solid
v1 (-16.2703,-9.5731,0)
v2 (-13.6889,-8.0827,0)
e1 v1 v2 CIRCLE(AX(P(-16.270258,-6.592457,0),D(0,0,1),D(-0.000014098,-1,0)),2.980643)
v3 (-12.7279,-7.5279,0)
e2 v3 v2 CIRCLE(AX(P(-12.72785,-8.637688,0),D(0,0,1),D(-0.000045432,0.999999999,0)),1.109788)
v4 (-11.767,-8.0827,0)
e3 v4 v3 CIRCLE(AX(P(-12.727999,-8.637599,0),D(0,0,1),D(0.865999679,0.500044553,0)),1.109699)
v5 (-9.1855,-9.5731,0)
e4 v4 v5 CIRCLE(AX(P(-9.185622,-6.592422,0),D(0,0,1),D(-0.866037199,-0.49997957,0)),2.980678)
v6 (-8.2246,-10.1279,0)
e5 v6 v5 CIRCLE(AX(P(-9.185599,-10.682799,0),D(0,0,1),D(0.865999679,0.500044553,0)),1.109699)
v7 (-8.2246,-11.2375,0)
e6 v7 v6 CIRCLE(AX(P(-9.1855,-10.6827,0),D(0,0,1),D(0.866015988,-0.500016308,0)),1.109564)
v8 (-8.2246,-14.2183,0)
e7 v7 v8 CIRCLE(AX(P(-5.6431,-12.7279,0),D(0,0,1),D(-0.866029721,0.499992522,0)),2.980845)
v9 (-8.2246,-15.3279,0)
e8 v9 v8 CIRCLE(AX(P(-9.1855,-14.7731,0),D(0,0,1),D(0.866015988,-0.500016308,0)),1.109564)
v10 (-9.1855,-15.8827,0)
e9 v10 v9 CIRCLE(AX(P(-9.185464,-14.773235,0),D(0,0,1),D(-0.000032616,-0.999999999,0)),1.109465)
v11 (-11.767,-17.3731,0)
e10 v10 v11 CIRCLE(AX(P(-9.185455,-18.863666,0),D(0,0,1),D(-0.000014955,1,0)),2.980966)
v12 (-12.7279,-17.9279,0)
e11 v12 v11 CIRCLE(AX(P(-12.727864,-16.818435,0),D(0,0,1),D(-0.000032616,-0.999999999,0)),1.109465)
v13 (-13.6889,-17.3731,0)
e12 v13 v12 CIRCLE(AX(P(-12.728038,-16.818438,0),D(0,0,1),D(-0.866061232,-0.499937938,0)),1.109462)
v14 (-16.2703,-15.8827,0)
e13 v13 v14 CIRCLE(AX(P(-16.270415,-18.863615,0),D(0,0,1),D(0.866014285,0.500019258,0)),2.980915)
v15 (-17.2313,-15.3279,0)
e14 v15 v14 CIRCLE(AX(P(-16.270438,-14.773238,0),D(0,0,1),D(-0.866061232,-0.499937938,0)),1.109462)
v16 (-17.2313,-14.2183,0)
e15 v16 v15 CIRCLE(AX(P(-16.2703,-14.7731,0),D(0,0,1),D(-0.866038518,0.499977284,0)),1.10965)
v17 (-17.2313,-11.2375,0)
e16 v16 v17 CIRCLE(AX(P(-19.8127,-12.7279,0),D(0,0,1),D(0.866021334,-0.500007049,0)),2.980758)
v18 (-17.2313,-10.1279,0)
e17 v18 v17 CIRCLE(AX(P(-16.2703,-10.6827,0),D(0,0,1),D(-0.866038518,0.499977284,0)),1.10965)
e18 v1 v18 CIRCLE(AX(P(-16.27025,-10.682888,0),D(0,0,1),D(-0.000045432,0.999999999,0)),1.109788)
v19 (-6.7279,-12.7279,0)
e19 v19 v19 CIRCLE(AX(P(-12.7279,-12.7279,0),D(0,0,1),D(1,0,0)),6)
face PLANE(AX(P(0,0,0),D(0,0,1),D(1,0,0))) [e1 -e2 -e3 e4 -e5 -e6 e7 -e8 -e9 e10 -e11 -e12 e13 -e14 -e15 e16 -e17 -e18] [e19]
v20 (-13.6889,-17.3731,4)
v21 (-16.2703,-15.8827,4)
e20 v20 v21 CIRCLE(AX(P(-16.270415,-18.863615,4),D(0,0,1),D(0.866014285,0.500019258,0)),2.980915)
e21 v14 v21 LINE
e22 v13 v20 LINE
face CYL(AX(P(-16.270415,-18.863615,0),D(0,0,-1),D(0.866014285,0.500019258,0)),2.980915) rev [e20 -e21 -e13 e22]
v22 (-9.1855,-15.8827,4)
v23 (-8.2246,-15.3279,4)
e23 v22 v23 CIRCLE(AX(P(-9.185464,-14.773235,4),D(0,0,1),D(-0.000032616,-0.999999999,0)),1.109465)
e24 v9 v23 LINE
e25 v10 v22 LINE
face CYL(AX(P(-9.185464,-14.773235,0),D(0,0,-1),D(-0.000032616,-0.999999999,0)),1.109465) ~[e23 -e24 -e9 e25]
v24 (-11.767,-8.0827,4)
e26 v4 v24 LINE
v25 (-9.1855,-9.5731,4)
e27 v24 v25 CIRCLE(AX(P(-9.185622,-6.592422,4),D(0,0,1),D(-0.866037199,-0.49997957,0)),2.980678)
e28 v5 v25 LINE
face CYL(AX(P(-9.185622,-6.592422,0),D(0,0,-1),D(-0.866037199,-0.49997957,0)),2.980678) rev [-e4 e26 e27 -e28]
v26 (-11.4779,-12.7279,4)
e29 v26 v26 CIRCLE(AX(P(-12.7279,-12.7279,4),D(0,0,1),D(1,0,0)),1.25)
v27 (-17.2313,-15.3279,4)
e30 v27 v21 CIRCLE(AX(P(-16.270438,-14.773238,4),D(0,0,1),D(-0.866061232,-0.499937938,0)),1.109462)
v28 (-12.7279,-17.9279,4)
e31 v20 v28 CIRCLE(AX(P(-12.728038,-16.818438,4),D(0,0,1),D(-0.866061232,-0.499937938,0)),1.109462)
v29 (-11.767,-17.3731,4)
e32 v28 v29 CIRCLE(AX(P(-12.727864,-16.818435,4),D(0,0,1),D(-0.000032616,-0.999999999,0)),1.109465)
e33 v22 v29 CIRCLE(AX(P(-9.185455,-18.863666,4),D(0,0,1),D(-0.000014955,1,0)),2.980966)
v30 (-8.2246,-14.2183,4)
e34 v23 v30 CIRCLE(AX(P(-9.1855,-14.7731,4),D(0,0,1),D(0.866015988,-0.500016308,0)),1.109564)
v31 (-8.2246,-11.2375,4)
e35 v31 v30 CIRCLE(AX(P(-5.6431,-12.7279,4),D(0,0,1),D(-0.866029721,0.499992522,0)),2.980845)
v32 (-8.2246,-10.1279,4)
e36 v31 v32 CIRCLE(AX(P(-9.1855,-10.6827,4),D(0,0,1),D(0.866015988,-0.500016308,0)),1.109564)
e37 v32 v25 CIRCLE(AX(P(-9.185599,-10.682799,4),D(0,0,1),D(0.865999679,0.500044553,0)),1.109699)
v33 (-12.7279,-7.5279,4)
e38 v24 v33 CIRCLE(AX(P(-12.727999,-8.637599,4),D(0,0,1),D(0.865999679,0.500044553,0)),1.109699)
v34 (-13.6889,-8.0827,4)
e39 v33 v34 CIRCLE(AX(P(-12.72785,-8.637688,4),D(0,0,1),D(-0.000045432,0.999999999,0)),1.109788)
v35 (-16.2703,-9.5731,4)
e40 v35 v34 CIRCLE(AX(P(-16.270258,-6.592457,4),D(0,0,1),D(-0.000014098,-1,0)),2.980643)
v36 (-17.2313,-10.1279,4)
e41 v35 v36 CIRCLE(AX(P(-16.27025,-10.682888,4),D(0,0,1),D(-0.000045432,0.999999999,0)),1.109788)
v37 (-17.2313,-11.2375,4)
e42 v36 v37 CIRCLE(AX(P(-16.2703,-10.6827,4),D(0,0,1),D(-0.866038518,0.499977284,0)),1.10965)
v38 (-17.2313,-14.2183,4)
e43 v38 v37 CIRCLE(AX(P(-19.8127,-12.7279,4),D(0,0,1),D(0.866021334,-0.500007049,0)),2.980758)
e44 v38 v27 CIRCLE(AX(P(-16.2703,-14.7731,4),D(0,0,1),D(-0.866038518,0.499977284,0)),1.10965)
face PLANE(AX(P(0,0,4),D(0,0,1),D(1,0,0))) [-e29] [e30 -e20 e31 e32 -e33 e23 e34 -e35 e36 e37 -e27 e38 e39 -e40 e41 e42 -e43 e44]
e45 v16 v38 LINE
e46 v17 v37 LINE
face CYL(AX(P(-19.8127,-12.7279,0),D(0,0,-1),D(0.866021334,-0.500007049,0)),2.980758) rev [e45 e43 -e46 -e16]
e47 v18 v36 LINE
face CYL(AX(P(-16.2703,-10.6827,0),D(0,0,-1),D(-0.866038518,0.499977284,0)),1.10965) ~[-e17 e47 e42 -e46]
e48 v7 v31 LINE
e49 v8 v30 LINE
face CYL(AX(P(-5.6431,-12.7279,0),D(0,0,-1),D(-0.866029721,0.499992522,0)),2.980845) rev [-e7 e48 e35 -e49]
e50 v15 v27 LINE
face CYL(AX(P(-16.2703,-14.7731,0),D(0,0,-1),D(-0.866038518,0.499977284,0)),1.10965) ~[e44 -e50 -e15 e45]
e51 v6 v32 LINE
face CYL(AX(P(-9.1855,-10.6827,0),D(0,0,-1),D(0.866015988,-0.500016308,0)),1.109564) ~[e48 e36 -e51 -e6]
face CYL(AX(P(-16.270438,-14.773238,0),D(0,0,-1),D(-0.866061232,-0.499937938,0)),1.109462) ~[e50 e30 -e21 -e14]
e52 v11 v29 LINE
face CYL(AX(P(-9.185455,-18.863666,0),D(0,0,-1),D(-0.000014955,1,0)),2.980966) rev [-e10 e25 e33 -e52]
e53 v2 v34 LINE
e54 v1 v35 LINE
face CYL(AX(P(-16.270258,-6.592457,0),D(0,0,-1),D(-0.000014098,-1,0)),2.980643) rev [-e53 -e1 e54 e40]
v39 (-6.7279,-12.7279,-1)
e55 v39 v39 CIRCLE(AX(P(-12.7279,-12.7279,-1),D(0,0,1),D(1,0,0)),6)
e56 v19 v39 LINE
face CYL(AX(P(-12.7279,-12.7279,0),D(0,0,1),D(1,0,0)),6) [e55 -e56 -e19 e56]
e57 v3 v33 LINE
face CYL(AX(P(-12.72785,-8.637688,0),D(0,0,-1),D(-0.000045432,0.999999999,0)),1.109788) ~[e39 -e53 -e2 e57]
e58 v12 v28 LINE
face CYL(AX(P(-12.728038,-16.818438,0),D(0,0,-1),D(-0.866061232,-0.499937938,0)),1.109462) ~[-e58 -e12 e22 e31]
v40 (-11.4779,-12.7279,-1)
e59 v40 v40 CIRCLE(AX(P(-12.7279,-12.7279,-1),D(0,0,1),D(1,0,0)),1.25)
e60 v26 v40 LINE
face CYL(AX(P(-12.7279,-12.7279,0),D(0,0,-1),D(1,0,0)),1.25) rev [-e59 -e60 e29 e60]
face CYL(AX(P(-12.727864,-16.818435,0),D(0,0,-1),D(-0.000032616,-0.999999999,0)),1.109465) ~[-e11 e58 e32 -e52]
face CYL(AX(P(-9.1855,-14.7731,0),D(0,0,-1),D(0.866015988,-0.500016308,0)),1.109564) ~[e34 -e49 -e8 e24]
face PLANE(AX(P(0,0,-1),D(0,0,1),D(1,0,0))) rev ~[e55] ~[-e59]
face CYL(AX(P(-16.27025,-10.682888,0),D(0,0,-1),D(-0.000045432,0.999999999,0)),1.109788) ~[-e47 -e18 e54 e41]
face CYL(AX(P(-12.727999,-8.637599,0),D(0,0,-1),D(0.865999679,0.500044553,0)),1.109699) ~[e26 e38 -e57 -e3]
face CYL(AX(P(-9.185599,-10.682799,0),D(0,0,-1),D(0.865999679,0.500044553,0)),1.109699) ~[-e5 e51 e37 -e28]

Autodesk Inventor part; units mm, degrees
ref_plane "YZ Plane" through (0, 0, 0) normal (1, 0, 0) x (0, 1, 0)
ref_plane "XZ Plane" through (0, 0, 0) normal (0, 1, 0) x (-1, 0, 0)
ref_plane "XY Plane" through (0, 0, 0) normal (0, 0, 1) x (1, 0, 0)
sketch "スケッチ1" plane through (0, 0, 0) normal (0, 0, 1) x (1, 0, 0)
  arc A0 (-16.2703, -9.5731) -> (-13.6889, -8.0827) centre (-16.2703, -6.5923) ccw
  arc A1 (-16.2703, -9.5731) -> (-17.2313, -10.1279) centre (-16.2703, -10.6827) ccw
  arc A2 (-17.2313, -10.1279) -> (-17.2313, -11.2375) centre (-16.2703, -10.6827) ccw
  arc A3 (-17.2313, -14.2183) -> (-17.2313, -11.2375) centre (-19.8127, -12.7279) ccw
  arc A4 (-17.2313, -14.2183) -> (-17.2313, -15.3279) centre (-16.2703, -14.7731) ccw
  arc A5 (-17.2313, -15.3279) -> (-16.2703, -15.8827) centre (-16.2703, -14.7731) ccw
  arc A6 (-13.6889, -17.3731) -> (-16.2703, -15.8827) centre (-16.2703, -18.8635) ccw
  arc A7 (-13.6889, -17.3731) -> (-12.7279, -17.9279) centre (-12.7279, -16.8183) ccw
  arc A8 (-12.7279, -17.9279) -> (-11.767, -17.3731) centre (-12.7279, -16.8183) ccw
  arc A9 (-9.1855, -15.8827) -> (-11.767, -17.3731) centre (-9.1855, -18.8635) ccw
  arc A10 (-9.1855, -15.8827) -> (-8.2246, -15.3279) centre (-9.1855, -14.7731) ccw
  arc A11 (-8.2246, -15.3279) -> (-8.2246, -14.2183) centre (-9.1855, -14.7731) ccw
  arc A12 (-8.2246, -11.2375) -> (-8.2246, -14.2183) centre (-5.6431, -12.7279) ccw
  arc A13 (-8.2246, -11.2375) -> (-8.2246, -10.1279) centre (-9.1855, -10.6827) ccw
  arc A14 (-8.2246, -10.1279) -> (-9.1855, -9.5731) centre (-9.1855, -10.6827) ccw
  arc A15 (-11.767, -8.0827) -> (-9.1855, -9.5731) centre (-9.1855, -6.5923) ccw
  arc A16 (-11.767, -8.0827) -> (-12.7279, -7.5279) centre (-12.7279, -8.6375) ccw
  arc A17 (-12.7279, -7.5279) -> (-13.6889, -8.0827) centre (-12.7279, -8.6375) ccw
  circle A18 centre (-12.7279, -12.7279) radius 1.5 construction
  circle A19 centre (-12.7279, -12.7279) radius 1.25
  circle A20 centre (-12.7279, -12.7279) radius 6
  point P0 (0, 0)
  point P1 (0, 0)
  dimension "d0" = 2.5
extrude "押し出し1" add sketch "スケッチ1" against normal blind 1 contours A0 A17 A16 A15 A14 A13 A12 A11 A10 A9 A8 A7 A6 A5 A4 A3 A2 A1 | A20
extrude "押し出し2" add sketch "スケッチ1" along normal blind 4 contours A0 A17 A16 A15 A14 A13 A12 A11 A10 A9 A8 A7 A6 A5 A4 A3 A2 A1
sketch "書き出し" plane through (0, 0, 4) normal (0, 0, 1) x (1, 0, 0)
  arc A0 (-13.6889, -17.3731) -> (-11.767, -17.3731) centre (-12.7279, -16.8183) ccw projected
  arc A1 (-9.1855, -15.8827) -> (-11.767, -17.3731) centre (-9.1855, -18.8635) ccw projected
  arc A2 (-9.1855, -15.8827) -> (-8.2246, -14.2183) centre (-9.1855, -14.7731) ccw projected
  arc A3 (-8.2246, -11.2375) -> (-8.2246, -14.2183) centre (-5.6431, -12.7279) ccw projected
  arc A4 (-8.2246, -11.2375) -> (-9.1855, -9.5731) centre (-9.1855, -10.6827) ccw projected
  arc A5 (-11.767, -8.0827) -> (-9.1855, -9.5731) centre (-9.1855, -6.5923) ccw projected
  arc A6 (-11.767, -8.0827) -> (-13.6889, -8.0827) centre (-12.7279, -8.6375) ccw projected
  arc A7 (-16.2703, -9.5731) -> (-13.6889, -8.0827) centre (-16.2703, -6.5923) ccw projected
  arc A8 (-16.2703, -9.5731) -> (-17.2313, -11.2375) centre (-16.2703, -10.6827) ccw projected
  arc A9 (-17.2313, -14.2183) -> (-17.2313, -11.2375) centre (-19.8127, -12.7279) ccw projected
  arc A10 (-17.2313, -14.2183) -> (-16.2703, -15.8827) centre (-16.2703, -14.7731) ccw projected
  arc A11 (-13.6889, -17.3731) -> (-16.2703, -15.8827) centre (-16.2703, -18.8635) ccw projected
  circle A12 centre (-12.7279, -12.7279) radius 1.25 projected
  arc A13 (-13.6889, -17.3731) -> (-16.2703, -15.8827) centre (-16.2703, -18.8635) ccw projected
  arc A14 (-17.2313, -14.2183) -> (-16.2703, -15.8827) centre (-16.2703, -14.7731) ccw projected
  arc A15 (-17.2313, -14.2183) -> (-17.2313, -11.2375) centre (-19.8127, -12.7279) ccw projected
  arc A16 (-16.2703, -9.5731) -> (-17.2313, -11.2375) centre (-16.2703, -10.6827) ccw projected
  arc A17 (-16.2703, -9.5731) -> (-13.6889, -8.0827) centre (-16.2703, -6.5923) ccw projected
  arc A18 (-11.767, -8.0827) -> (-13.6889, -8.0827) centre (-12.7279, -8.6375) ccw projected
  arc A19 (-11.767, -8.0827) -> (-9.1855, -9.5731) centre (-9.1855, -6.5923) ccw projected
  arc A20 (-8.2246, -11.2375) -> (-9.1855, -9.5731) centre (-9.1855, -10.6827) ccw projected
  arc A21 (-8.2246, -11.2375) -> (-8.2246, -14.2183) centre (-5.6431, -12.7279) ccw projected
  arc A22 (-9.1855, -15.8827) -> (-8.2246, -14.2183) centre (-9.1855, -14.7731) ccw projected
  arc A23 (-9.1855, -15.8827) -> (-11.767, -17.3731) centre (-9.1855, -18.8635) ccw projected
  arc A24 (-13.6889, -17.3731) -> (-11.767, -17.3731) centre (-12.7279, -16.8183) ccw projected
  circle A25 centre (-12.7279, -12.7279) radius 6 projected
  circle A26 centre (-12.7279, -12.7279) radius 7.5
  point P0 (0, 0)
  dimension "d5" = 1.5
properties part number "原動節接続部v2内-1" material "アルミニウム 2014-T4"
